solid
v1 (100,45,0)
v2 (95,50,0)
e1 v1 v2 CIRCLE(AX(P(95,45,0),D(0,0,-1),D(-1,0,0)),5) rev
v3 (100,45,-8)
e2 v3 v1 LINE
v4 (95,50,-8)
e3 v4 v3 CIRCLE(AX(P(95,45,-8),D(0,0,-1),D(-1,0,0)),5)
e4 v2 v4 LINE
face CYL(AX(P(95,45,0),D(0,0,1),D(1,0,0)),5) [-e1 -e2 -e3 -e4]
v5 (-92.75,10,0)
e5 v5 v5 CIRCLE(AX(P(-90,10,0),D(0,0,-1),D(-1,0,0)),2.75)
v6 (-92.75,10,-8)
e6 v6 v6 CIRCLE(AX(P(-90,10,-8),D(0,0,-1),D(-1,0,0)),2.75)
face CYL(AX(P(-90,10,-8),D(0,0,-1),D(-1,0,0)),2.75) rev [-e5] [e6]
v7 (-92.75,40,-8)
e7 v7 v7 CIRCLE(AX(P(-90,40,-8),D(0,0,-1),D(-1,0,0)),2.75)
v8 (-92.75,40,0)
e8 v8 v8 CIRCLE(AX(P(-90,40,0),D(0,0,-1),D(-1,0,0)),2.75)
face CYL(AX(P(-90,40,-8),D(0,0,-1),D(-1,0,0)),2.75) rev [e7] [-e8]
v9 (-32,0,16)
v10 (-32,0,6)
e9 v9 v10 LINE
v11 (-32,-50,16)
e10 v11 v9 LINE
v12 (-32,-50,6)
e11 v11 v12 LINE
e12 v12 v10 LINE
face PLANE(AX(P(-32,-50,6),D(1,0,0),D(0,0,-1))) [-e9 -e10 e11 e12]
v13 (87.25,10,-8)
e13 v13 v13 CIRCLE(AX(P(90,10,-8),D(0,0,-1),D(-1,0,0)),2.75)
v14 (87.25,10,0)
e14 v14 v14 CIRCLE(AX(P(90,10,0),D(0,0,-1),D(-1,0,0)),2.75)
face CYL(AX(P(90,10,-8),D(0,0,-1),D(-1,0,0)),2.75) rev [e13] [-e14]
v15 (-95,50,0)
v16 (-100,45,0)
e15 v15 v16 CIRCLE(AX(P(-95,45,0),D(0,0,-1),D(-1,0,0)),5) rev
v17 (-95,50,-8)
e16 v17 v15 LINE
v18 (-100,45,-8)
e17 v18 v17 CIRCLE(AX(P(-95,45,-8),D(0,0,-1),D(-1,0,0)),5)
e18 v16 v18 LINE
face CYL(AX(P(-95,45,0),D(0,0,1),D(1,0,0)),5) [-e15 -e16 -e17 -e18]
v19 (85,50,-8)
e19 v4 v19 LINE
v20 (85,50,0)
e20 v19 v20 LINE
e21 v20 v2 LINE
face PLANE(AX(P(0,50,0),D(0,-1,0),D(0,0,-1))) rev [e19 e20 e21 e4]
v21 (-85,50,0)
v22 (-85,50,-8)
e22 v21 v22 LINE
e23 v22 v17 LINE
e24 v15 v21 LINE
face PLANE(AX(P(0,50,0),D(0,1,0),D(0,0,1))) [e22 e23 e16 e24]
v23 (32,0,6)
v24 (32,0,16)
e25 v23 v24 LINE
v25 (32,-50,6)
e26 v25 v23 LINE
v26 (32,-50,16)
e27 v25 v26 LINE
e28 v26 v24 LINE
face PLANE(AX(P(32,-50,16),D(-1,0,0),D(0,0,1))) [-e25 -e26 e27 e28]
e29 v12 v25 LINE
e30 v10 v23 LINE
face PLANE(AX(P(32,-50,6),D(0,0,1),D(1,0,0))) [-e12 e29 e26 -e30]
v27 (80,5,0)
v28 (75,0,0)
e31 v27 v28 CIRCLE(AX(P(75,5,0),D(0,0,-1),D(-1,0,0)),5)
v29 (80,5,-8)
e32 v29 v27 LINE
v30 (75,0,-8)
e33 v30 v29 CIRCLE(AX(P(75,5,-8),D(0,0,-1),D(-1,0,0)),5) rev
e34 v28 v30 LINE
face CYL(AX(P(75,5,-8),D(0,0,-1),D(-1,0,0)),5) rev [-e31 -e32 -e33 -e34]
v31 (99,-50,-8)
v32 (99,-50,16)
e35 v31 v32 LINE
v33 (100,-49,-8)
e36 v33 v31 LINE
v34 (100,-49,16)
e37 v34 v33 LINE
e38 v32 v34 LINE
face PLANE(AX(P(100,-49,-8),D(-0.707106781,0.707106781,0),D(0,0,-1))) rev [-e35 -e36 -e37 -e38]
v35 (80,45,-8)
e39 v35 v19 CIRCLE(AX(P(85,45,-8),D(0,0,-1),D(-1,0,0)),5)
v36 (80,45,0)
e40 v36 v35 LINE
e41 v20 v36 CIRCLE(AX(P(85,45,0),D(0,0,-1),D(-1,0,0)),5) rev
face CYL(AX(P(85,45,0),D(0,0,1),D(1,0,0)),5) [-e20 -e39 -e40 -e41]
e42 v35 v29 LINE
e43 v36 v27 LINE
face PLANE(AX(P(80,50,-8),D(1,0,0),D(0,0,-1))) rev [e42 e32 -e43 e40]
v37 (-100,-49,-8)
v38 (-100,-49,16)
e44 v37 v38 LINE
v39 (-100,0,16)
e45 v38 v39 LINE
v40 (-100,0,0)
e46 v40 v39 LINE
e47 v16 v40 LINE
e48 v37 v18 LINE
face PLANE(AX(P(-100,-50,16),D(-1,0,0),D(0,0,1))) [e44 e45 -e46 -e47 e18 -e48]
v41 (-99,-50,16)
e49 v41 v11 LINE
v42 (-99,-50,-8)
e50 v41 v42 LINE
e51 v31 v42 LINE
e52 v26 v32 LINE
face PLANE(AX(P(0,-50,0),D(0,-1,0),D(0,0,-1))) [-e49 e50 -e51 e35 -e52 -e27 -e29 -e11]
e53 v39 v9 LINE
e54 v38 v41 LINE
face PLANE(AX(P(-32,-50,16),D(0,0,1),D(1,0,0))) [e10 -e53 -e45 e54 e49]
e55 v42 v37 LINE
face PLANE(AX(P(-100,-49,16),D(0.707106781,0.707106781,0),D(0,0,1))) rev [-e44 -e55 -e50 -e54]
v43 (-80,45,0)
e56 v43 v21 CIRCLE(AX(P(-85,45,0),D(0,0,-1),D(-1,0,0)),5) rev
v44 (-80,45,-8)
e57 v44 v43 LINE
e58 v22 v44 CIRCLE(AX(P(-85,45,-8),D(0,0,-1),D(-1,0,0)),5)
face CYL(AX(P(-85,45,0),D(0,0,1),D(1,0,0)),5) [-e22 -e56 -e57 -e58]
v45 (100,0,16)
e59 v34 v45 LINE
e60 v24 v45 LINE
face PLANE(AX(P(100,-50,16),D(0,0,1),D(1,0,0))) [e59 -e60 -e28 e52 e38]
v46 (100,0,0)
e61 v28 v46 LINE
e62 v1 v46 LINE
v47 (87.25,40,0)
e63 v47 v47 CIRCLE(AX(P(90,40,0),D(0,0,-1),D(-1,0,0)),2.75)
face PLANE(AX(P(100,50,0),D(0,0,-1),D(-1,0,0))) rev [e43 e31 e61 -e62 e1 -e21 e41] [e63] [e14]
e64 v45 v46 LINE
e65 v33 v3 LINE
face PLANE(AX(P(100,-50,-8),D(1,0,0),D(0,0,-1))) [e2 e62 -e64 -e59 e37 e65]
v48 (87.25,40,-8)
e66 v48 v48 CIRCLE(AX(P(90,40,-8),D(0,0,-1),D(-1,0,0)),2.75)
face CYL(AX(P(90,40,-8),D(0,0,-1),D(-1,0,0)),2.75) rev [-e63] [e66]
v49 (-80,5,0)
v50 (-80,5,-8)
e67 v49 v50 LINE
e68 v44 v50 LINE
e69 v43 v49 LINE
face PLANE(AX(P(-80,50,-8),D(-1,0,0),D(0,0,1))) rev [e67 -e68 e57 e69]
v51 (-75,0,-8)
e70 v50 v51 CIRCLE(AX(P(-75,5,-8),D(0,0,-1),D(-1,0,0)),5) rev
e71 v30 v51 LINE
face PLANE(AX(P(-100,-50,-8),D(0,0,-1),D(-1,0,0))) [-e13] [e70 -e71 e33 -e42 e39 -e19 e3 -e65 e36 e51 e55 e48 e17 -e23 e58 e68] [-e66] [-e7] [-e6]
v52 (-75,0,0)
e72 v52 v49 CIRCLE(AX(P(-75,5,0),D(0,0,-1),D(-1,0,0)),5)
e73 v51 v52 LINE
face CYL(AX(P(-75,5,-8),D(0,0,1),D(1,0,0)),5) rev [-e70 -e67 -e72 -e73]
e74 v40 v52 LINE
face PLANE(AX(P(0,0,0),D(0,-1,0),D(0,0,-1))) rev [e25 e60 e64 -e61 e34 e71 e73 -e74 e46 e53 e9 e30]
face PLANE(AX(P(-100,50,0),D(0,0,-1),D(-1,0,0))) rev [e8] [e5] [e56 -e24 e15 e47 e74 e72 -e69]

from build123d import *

# Parameters (mm, degrees)
BOSS_EXTRUDE1_DEPTH  = 50
SKETCH2_W            = 20
SKETCH2_H            = 8
BOSS_EXTRUDE2_DEPTH  = 50
M5_CLEARANCE_HOLE1_D = 5.5
FILLET1_R            = 5
CHAMFER1_SIZE        = 1


with BuildPart() as part:
    # Sketch1 → Boss-Extrude1 (new body)
    with BuildSketch(Plane(origin=(0, 0, 0), x_dir=(1, 0, 0), z_dir=(0, 1, 0))):
        Polygon((-100, 8), (100, 8), (100, -16), (32, -16), (32, -6), (-32, -6), (-32, -16), (-100, -16), align=None)
    extrude(amount=-BOSS_EXTRUDE1_DEPTH)

    # Sketch2 → Boss-Extrude2 (add)
    with BuildSketch(Plane(origin=(0, 0, 0), x_dir=(1, 0, 0), z_dir=(0, 1, 0))):
        with Locations((-90, 4)):
            Rectangle(SKETCH2_W, SKETCH2_H)
        with Locations((90, 4)):
            Rectangle(SKETCH2_W, SKETCH2_H)
    extrude(amount=BOSS_EXTRUDE2_DEPTH)

    # M5 Clearance Hole1 (through all)
    with Locations(Plane(origin=(0, 0, -8), x_dir=(-1, 0, 0), z_dir=(0, 0, -1))):
        with Locations((-90, 40), (90, 10), (-90, 10), (90, 40)):
            Hole(M5_CLEARANCE_HOLE1_D / 2)

    # Fillet1
    fillet1_edges = [part.edges().sort_by_distance(p)[0] for p in [
        (-80, 0, -4),
        (-100, 50, -4),
        (-80, 50, -4),
        (80, 0, -4),
        (100, 50, -4),
        (80, 50, -4),
    ]]
    fillet(fillet1_edges, radius=FILLET1_R)

    # Chamfer1
    chamfer1_edges = [part.edges().sort_by_distance(p)[0] for p in [
        (100, -50, 4),
        (-100, -50, 4),
    ]]
    chamfer(chamfer1_edges, length=CHAMFER1_SIZE)


solid = part.part
